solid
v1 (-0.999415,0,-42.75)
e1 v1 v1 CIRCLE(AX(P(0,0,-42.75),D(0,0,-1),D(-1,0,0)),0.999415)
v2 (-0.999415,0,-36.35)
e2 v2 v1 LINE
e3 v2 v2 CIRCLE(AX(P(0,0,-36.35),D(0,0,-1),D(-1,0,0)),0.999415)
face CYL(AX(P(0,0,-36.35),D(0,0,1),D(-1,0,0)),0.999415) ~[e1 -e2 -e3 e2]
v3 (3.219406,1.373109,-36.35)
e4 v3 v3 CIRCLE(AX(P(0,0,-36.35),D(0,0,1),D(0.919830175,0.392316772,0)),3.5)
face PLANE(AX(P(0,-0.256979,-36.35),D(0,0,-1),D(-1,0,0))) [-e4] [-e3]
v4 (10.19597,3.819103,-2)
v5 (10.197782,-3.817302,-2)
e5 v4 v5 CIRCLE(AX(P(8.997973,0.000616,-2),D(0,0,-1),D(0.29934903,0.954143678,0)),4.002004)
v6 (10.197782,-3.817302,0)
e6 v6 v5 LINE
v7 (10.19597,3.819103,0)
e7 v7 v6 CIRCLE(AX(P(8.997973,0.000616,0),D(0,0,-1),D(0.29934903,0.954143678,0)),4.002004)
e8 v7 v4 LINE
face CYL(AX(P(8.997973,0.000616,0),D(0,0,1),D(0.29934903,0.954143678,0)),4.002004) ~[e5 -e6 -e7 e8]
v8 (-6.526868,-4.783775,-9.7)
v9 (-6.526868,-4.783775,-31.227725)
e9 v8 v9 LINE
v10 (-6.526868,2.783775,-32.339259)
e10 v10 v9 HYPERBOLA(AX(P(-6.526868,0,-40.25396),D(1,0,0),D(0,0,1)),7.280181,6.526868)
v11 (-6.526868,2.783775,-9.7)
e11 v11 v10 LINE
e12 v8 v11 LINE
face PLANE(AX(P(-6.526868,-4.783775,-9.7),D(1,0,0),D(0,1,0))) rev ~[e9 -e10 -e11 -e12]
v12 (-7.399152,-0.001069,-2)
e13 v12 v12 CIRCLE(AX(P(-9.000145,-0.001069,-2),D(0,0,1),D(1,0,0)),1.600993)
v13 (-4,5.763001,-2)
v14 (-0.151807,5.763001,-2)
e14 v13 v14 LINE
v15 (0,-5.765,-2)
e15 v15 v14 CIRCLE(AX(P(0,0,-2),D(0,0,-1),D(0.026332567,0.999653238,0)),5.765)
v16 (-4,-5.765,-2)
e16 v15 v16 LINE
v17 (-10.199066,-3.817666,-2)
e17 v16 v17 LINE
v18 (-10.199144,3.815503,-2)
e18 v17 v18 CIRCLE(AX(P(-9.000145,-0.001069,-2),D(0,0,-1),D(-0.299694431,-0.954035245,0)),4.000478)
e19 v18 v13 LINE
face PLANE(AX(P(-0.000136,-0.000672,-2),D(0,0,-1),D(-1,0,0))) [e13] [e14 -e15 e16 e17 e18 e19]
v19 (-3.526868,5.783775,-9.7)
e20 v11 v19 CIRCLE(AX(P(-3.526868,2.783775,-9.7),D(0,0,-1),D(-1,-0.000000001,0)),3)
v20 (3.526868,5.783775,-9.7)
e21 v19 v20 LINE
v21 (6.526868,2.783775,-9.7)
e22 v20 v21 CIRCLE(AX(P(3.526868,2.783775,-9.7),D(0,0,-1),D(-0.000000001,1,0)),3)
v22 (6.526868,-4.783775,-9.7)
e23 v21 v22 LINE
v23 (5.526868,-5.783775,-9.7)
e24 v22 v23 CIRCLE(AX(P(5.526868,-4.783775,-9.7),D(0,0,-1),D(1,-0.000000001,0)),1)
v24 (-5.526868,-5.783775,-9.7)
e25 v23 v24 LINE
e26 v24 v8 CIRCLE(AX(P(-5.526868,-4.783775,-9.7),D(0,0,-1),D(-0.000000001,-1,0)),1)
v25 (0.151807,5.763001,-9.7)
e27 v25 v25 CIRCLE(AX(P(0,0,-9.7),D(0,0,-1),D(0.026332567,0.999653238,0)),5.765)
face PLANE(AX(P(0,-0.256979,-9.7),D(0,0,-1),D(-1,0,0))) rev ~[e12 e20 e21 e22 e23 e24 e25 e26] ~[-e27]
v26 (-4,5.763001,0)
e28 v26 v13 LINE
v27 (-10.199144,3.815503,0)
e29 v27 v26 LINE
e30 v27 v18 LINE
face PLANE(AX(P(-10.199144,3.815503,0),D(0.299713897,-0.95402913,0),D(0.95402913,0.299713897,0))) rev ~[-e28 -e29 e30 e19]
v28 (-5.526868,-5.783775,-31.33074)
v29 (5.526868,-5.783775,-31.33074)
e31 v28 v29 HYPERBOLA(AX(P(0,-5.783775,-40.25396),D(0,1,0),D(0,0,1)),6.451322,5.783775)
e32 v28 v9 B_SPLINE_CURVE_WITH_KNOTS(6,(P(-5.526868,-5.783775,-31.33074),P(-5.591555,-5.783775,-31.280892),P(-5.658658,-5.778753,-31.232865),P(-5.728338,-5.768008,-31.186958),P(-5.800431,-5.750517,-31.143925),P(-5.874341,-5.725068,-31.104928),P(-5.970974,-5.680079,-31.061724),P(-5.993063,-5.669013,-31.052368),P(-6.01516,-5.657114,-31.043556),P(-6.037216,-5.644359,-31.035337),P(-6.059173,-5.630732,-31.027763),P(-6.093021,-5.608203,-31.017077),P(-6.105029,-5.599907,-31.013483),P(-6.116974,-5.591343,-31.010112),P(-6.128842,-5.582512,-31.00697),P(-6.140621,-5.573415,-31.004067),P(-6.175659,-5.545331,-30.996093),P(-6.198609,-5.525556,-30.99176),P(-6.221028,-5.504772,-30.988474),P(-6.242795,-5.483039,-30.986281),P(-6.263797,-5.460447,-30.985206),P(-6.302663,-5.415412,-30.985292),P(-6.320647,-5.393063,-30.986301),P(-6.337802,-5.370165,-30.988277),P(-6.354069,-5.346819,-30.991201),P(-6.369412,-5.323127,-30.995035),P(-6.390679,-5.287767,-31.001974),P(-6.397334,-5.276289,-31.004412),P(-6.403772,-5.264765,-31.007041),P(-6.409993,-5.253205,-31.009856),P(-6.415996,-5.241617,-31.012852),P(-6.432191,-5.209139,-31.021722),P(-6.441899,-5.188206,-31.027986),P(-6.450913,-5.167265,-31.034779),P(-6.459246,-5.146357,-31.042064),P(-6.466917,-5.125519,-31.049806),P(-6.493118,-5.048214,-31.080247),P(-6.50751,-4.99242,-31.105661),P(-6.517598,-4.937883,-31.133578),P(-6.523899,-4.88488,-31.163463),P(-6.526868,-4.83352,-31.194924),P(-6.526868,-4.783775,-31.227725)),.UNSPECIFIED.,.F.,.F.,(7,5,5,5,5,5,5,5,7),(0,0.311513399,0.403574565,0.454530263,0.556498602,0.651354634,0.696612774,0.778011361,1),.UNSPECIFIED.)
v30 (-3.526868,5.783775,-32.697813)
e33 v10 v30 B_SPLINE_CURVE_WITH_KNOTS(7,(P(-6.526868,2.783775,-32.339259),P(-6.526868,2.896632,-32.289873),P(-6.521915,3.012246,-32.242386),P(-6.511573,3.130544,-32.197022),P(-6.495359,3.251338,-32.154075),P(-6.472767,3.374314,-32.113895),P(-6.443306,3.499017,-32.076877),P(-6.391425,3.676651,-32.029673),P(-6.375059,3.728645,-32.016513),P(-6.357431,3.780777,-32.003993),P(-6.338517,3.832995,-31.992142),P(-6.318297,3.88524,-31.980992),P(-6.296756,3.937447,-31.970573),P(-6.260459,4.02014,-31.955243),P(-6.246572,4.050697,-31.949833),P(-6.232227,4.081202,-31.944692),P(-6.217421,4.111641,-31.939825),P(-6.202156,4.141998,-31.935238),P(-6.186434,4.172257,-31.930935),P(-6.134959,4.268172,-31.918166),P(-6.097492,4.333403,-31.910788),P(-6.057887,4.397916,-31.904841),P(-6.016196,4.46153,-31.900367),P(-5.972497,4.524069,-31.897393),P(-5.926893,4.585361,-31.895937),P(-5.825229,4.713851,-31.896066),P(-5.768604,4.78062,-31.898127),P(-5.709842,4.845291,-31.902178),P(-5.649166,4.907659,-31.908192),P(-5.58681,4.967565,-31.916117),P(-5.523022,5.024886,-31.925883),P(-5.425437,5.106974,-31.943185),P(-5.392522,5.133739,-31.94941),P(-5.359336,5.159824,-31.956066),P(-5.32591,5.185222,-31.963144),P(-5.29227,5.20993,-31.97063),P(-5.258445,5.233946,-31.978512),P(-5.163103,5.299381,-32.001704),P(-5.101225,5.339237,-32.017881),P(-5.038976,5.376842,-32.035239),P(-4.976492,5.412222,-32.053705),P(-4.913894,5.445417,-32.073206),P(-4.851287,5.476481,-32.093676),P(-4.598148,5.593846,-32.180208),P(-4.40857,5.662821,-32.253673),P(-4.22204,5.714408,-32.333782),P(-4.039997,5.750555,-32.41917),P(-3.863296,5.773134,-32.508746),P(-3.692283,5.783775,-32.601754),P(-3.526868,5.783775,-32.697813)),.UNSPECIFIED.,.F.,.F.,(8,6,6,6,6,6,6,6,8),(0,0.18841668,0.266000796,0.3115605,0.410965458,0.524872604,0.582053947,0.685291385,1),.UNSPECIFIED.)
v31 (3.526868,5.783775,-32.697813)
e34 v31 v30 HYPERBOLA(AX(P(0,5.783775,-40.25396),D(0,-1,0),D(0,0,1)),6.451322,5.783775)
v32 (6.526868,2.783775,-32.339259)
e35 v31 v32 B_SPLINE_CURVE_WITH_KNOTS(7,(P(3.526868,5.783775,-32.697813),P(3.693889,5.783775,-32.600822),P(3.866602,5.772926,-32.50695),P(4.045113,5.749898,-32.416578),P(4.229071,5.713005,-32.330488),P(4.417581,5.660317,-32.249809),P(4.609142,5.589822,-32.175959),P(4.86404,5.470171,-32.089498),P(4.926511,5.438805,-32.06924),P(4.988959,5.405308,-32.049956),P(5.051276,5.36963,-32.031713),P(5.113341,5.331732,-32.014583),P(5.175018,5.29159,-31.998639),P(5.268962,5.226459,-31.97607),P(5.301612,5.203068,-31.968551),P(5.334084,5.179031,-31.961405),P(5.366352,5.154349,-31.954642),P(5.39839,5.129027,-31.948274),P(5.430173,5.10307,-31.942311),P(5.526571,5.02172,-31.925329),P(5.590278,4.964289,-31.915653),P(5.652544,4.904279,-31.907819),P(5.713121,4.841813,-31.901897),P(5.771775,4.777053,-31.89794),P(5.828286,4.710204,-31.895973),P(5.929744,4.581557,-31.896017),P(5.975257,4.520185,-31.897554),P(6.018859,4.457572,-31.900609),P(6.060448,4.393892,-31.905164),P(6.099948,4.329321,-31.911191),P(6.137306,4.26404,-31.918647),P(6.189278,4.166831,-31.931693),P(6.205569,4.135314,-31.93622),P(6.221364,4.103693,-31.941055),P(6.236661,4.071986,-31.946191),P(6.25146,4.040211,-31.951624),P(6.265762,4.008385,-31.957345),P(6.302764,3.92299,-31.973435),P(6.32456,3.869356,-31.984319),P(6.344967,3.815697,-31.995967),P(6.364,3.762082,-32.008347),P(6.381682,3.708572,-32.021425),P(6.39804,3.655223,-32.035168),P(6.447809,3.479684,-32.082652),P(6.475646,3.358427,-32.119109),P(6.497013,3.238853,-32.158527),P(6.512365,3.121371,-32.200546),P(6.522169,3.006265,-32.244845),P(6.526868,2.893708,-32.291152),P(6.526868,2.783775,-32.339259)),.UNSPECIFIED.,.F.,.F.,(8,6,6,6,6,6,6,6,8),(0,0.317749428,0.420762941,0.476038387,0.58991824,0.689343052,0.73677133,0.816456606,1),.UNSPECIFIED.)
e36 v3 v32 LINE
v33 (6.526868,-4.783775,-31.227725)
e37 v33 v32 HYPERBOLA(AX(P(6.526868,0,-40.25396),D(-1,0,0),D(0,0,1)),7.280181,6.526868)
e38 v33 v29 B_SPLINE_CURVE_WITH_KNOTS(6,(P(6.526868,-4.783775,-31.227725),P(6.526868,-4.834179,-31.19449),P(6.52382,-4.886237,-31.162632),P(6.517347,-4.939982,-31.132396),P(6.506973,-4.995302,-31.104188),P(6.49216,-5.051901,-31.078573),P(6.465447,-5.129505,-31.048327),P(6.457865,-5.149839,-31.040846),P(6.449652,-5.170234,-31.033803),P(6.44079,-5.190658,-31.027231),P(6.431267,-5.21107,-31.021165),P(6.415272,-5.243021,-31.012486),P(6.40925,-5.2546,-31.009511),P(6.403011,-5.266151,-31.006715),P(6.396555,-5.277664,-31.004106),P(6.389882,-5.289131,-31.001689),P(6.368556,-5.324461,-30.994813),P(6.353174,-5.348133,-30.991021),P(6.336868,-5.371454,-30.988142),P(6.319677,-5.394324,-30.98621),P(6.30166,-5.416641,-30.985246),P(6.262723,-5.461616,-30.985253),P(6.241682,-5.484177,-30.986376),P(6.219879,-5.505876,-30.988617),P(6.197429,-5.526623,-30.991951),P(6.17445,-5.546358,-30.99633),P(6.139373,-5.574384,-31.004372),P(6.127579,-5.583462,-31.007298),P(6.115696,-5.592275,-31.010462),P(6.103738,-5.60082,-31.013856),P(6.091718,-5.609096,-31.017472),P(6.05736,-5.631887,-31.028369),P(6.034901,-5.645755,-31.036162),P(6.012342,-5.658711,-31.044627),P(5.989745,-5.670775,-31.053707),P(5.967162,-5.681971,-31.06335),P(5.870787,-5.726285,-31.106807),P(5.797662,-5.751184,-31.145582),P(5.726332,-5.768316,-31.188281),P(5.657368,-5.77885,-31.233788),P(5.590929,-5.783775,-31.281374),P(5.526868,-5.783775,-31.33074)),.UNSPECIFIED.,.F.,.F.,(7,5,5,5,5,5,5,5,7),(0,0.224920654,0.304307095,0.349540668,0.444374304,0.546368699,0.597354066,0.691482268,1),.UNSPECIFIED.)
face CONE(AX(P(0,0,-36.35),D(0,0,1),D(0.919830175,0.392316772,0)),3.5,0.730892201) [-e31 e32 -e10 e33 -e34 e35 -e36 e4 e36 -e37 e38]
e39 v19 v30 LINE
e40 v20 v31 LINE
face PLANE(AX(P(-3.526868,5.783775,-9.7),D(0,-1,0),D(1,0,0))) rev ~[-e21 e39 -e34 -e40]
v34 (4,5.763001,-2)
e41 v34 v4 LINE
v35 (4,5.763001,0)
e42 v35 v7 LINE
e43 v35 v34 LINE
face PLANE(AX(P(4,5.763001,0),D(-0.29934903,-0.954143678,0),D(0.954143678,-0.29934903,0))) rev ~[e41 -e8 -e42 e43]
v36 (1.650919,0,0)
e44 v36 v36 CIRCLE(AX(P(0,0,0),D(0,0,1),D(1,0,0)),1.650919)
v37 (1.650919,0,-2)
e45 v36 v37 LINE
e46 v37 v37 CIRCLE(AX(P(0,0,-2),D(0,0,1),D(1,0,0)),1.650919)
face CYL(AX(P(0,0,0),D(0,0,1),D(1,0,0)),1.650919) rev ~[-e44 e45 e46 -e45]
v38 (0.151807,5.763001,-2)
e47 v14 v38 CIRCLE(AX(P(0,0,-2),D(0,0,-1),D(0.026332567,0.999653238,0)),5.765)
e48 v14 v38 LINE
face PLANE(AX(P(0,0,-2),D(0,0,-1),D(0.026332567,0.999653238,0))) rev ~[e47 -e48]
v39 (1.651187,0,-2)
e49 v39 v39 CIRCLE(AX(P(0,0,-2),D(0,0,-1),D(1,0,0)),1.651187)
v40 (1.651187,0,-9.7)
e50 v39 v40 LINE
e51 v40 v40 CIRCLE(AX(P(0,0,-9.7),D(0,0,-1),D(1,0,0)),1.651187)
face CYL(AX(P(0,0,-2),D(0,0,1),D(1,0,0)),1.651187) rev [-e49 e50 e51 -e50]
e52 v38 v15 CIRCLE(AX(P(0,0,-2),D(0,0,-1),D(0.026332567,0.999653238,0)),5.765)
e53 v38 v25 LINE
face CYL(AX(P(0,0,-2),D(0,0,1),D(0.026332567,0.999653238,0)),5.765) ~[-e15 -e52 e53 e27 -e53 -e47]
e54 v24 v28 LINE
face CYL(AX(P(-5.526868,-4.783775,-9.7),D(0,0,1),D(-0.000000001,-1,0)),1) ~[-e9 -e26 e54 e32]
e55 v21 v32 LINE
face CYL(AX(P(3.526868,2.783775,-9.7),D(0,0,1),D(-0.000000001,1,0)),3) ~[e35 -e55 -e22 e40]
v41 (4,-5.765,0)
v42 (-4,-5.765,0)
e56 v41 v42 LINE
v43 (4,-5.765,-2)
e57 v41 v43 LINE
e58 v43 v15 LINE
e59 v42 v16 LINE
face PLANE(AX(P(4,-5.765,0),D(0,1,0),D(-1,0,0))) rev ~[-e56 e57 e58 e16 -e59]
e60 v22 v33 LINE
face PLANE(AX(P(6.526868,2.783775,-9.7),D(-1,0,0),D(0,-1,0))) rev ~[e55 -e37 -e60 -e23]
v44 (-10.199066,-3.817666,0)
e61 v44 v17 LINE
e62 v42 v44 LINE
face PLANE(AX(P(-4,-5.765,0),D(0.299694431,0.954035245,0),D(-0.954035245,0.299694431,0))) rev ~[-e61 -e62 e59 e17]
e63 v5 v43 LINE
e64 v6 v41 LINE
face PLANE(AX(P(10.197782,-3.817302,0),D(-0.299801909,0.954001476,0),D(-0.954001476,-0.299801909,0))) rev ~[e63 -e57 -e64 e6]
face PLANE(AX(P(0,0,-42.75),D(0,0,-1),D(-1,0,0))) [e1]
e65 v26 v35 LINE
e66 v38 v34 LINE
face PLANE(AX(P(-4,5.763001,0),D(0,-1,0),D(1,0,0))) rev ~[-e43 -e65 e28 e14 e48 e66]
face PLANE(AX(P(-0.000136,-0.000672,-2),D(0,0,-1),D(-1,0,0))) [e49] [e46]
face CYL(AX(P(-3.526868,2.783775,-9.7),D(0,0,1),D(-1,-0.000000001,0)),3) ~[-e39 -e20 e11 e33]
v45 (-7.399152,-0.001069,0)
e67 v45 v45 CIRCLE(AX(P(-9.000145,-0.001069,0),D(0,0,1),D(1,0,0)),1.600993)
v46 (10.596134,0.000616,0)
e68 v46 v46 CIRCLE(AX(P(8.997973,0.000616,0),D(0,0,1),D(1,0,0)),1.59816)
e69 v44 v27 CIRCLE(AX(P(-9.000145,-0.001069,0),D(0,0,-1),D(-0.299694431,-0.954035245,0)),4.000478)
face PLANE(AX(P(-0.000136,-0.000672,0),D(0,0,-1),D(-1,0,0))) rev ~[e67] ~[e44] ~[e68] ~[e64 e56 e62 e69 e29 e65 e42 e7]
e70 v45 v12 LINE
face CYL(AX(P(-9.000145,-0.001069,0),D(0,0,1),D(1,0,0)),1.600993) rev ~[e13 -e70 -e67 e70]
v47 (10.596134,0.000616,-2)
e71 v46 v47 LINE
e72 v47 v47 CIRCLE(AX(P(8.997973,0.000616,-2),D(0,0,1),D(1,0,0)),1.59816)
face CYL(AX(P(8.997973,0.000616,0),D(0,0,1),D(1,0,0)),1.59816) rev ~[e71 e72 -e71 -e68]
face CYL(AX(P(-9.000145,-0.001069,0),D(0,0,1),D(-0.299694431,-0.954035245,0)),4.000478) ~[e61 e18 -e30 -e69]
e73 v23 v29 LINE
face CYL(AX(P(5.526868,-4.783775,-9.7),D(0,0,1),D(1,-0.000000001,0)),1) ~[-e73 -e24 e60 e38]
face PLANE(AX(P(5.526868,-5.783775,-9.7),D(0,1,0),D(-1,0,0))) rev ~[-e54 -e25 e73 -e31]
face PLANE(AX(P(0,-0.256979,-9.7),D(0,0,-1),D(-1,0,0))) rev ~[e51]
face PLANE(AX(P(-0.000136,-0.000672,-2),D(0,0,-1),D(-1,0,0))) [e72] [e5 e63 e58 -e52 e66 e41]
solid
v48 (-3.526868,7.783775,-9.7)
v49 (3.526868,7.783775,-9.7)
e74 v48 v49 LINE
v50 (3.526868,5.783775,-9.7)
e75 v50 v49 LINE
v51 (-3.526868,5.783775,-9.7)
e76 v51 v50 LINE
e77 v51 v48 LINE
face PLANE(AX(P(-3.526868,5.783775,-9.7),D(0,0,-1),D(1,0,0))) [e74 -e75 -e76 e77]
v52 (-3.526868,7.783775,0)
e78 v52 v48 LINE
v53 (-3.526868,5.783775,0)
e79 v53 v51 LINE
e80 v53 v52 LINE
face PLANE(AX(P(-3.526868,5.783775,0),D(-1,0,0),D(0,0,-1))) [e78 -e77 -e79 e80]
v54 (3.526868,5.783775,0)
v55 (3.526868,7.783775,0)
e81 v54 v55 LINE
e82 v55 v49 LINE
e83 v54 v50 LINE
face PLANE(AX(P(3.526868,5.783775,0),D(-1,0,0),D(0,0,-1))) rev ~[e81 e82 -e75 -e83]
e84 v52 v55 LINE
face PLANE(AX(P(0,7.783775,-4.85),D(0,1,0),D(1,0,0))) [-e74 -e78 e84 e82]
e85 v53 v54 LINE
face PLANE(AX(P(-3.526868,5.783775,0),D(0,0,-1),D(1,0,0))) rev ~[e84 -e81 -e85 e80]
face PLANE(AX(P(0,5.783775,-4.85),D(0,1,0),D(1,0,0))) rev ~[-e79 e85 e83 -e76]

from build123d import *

# Parameters (mm, degrees)
CROQUIS1_R               = 1.598160281
CROQUIS1_R_2             = 1.600993429
CROQUIS1_R_3             = 1.650918845
SALIENTE_EXTRUIR7_DEPTH  = 2
CROQUIS2_R               = 5.764999893
CROQUIS2_R_2             = 1.651186543
SALIENTE_EXTRUIR8_DEPTH  = 7.7
SALIENTE_EXTRUIR9_DEPTH  = 26.65
CROQUIS6_R               = 0.999415005
SALIENTE_EXTRUIR10_DEPTH = 6.4
CROQUIS7_W               = 7.053736916
CROQUIS7_H               = 9.7
SALIENTE_EXTRUIR11_DEPTH = 2


with BuildPart() as part:
    # Croquis1 → Saliente-Extruir7 (new body)
    with BuildSketch(Plane.XY):
        with BuildLine():
            Line((4.00000019, 5.763000809), (10.195969576, 3.8191034))
            ThreePointArc((10.195969576, 3.8191034), (12.999977706, 0.001566069), (10.197782, -3.817301838))
            Line((10.197782, -3.817301838), (4.00000019, -5.764999893))
            Line((4.00000019, -5.764999893), (-4.00000019, -5.764999893))
            Line((-4.00000019, -5.764999893), (-10.199065979, -3.817665654))
            ThreePointArc((-10.199065979, -3.817665654), (-13.000622723, -0.001109837), (-10.199143851, 3.815503142))
            Line((-10.199143851, 3.815503142), (-4.00000019, 5.763000809))
            Line((-4.00000019, 5.763000809), (4.00000019, 5.763000809))
        make_face()
        with Locations((8.997973452, 0.000616233)):
            Circle(CROQUIS1_R, mode=Mode.SUBTRACT)
        with Locations((-9.000145119, -0.001069025)):
            Circle(CROQUIS1_R_2, mode=Mode.SUBTRACT)
        Circle(CROQUIS1_R_3, mode=Mode.SUBTRACT)
    extrude(amount=-SALIENTE_EXTRUIR7_DEPTH)

    # Croquis2 → Saliente-Extruir8 (add)
    with BuildSketch(Plane(origin=(0, 0, -2), x_dir=(-1, 0, 0), z_dir=(0, 0, -1))):
        with Locations(Location((0, 0, 0), (0, 0, 91.508919394))):
            Circle(CROQUIS2_R)
        with Locations(Location((0, 0, 0), (0, 0, 180))):
            Circle(CROQUIS2_R_2, mode=Mode.SUBTRACT)
    extrude(amount=SALIENTE_EXTRUIR8_DEPTH)

    # Croquis3 → Saliente-Extruir9 (add)
    with BuildSketch(Plane(origin=(0, 0, -9.7), x_dir=(-1, 0, 0), z_dir=(0, 0, -1))):
        with BuildLine():
            Line((3.526868458, 5.783774708), (-3.526868458, 5.783774708))
            ThreePointArc((-3.526868458, 5.783774708), (-5.648188802, 4.905095052), (-6.526868458, 2.783774708))
            Line((-6.526868458, 2.783774708), (-6.526868458, -4.783774708))
            ThreePointArc((-6.526868458, -4.783774708), (-6.233975239, -5.490881489), (-5.526868458, -5.783774708))
            Line((-5.526868458, -5.783774708), (5.526868458, -5.783774708))
            ThreePointArc((5.526868458, -5.783774708), (6.233975239, -5.490881489), (6.526868458, -4.783774708))
            Line((6.526868458, -4.783774708), (6.526868458, 2.783774708))
            ThreePointArc((6.526868458, 2.783774708), (5.648188802, 4.905095052), (3.526868458, 5.783774708))
        make_face()
    extrude(amount=SALIENTE_EXTRUIR9_DEPTH)

    # Croquis5 → Cortar-Revolución1 (revolve, cut)
    with BuildSketch(Plane(origin=(0, 0, 0), x_dir=(1, 0, 0), z_dir=(0, 1, 0)), mode=Mode.PRIVATE) as cortar_revoluci_n1_sk:
        Polygon((-3.5, 36.35), (-8.472559386, 30.803521887), (-8.472559386, 36.35), align=None)
    revolve(cortar_revoluci_n1_sk.sketch.rotate(Axis((0, 0, -39.9199001), (0, 0, 1)), 203.098732749), axis=Axis((0, 0, -39.9199001), (0, 0, 1)), mode=Mode.SUBTRACT)

    # Croquis6 → Saliente-Extruir10 (add)
    with BuildSketch(Plane(origin=(0, 0, -36.35), x_dir=(-1, 0, 0), z_dir=(0, 0, -1))):
        Circle(CROQUIS6_R)
    extrude(amount=SALIENTE_EXTRUIR10_DEPTH)


with BuildPart() as body_2:
    # Croquis7 → Saliente-Extruir11 (new body)
    with BuildSketch(Plane(origin=(0, 5.783774708, 0), x_dir=(1, 0, 0), z_dir=(0, 1, 0))):
        with Locations((0, 4.85)):
            Rectangle(CROQUIS7_W, CROQUIS7_H)
    extrude(amount=SALIENTE_EXTRUIR11_DEPTH)


solid = Compound([part.part, body_2.part])
